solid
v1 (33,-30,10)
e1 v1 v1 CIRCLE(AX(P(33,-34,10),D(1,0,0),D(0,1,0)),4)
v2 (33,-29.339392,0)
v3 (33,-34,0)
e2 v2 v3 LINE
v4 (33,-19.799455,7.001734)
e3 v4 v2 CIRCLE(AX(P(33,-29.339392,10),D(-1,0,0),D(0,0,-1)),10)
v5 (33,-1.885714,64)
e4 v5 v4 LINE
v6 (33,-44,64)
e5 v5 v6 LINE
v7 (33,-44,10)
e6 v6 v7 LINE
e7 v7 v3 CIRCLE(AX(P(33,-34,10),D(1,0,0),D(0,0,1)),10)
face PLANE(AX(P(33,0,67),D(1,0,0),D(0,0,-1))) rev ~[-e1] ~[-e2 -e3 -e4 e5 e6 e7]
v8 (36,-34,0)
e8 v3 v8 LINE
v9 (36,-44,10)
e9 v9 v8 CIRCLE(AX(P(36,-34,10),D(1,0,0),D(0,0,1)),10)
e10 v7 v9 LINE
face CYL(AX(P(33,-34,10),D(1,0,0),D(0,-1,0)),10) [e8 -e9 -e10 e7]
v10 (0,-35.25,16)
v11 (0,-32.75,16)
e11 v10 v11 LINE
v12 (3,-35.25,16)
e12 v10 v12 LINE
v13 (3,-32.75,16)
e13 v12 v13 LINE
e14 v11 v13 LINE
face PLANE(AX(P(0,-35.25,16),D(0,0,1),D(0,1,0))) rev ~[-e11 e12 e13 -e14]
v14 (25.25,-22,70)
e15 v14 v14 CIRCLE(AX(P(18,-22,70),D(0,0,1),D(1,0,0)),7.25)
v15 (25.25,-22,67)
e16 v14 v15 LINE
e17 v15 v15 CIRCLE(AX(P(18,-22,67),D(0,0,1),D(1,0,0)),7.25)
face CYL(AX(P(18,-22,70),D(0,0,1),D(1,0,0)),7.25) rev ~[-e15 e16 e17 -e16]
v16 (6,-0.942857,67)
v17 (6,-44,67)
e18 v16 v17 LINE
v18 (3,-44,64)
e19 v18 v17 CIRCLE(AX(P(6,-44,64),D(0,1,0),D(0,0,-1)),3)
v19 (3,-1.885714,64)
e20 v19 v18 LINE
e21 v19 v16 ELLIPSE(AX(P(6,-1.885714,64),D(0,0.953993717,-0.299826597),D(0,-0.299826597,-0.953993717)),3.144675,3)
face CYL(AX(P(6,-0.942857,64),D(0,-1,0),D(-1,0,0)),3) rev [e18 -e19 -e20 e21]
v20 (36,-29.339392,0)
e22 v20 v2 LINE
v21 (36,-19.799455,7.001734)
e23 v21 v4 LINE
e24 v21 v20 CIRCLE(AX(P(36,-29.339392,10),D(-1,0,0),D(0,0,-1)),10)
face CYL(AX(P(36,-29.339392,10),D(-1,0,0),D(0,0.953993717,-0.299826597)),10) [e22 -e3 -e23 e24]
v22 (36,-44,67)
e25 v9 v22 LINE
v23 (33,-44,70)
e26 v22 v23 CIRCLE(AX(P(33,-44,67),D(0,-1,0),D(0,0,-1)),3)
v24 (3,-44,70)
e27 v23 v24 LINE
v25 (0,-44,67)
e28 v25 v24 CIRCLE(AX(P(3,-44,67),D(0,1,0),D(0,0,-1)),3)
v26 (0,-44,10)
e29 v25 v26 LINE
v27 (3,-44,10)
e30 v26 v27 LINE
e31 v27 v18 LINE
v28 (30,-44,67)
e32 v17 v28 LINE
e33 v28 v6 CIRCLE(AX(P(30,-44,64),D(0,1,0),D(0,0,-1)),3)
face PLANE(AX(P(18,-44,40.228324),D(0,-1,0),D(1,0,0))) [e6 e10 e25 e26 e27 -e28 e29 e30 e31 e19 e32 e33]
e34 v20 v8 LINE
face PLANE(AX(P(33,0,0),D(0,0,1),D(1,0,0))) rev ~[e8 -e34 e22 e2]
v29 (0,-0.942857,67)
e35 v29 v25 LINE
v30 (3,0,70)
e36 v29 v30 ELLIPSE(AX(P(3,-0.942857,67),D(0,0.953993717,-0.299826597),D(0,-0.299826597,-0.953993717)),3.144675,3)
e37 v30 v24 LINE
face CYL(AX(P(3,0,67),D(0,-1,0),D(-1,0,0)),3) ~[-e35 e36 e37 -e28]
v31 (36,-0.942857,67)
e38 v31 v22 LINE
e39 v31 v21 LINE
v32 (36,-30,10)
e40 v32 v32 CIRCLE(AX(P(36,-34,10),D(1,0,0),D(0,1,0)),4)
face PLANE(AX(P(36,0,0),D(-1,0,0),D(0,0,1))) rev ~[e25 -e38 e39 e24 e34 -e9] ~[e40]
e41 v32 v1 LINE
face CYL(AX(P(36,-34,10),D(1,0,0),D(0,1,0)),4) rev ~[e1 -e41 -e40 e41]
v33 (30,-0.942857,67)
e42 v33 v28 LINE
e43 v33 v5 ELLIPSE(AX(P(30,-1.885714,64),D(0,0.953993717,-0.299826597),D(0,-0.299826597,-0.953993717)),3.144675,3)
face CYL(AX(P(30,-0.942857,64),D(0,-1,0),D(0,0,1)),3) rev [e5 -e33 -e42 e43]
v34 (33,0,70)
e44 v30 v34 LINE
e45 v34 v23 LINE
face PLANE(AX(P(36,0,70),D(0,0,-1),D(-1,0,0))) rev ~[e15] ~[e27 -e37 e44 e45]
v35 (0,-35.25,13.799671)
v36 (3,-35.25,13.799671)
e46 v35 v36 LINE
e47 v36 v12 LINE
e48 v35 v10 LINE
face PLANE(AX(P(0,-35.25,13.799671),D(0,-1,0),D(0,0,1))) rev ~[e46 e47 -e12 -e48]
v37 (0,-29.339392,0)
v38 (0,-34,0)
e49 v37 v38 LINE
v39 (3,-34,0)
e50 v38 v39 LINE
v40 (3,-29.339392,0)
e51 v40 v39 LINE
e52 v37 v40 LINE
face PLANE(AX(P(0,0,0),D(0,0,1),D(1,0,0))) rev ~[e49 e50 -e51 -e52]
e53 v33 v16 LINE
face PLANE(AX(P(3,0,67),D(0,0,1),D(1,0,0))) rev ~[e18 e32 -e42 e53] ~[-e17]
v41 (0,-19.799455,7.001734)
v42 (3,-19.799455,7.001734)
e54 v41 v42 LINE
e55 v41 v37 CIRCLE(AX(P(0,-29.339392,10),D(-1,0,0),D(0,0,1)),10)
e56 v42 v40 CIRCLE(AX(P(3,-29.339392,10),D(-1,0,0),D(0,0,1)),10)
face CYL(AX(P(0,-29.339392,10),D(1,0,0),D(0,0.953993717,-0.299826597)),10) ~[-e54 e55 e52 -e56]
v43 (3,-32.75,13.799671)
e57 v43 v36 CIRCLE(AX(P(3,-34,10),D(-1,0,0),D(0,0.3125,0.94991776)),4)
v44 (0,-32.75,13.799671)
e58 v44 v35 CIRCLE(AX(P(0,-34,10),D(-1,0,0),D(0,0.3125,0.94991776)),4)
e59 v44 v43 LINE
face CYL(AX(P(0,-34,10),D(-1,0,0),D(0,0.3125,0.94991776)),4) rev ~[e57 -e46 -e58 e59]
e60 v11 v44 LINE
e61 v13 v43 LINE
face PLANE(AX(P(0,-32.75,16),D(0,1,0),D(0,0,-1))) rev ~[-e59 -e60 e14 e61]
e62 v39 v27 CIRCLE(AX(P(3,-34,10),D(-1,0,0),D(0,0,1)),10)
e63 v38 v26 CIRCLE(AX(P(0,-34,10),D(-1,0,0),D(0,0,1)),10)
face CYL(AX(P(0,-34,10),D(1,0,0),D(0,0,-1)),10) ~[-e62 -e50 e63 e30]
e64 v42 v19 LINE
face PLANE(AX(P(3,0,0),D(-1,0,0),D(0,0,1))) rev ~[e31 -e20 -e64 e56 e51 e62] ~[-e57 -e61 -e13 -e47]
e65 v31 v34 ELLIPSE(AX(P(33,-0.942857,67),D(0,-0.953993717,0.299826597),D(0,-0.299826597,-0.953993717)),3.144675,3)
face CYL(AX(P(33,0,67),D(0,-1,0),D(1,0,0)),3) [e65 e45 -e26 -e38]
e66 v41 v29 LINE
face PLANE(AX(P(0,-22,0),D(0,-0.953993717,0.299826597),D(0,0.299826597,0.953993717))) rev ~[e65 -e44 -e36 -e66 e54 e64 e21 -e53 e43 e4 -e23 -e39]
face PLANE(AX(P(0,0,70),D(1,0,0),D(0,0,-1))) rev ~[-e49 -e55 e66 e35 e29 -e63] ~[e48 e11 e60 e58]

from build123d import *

# Parameters (mm, degrees)
F1_DEPTH  = 44
F3_R      = 4
F4_DEPTH  = 25
F6_DEPTH  = 25
F7_R      = 3
F8_R      = 10
F9_R      = 7.25
F10_DEPTH = 25


with BuildPart() as f1:
    # F0 (on Front) → F1 (new body)
    with BuildSketch(Plane.XZ):
        Polygon((0, 70), (0, 0), (3, 0), (3, 67), (33, 67), (33, 0), (36, 0), (36, 70), align=None)
    extrude(amount=F1_DEPTH)

    # F2 (on face) + F3 (on face) → F4 (cut)
    with BuildSketch(Plane.YZ.offset(36)):
        Polygon((0, 0), (0, 70), (-22, 0), align=None)
    with BuildSketch(Plane.YZ.offset(36)):
        with Locations((-34, 10)):
            Circle(F3_R)
    extrude(amount=-F4_DEPTH, mode=Mode.SUBTRACT)

    # F5 (on face) → F6 (cut)
    with BuildSketch(Plane(origin=(0, 0, 0), x_dir=(0, -1, 0), z_dir=(-1, 0, 0))):
        Polygon((22, 0), (0, 70), (0, 0), align=None)
        with BuildLine():
            Line((32.75, 16), (32.75, 13.7996710384))
            ThreePointArc((32.75, 13.7996710384), (34, 6), (35.25, 13.7996710384))
            Line((35.25, 13.7996710384), (35.25, 16))
            Line((35.25, 16), (34, 16))
            Line((34, 16), (32.75, 16))
        make_face()
    extrude(amount=-F6_DEPTH, mode=Mode.SUBTRACT)

    # F7
    f7_edges = [f1.edges().sort_by_distance(p)[0] for p in [
        (33, -22.471429, 67),
        (3, -22.471429, 67),
        (36, -22, 70),
        (0, -22, 70),
    ]]
    fillet(f7_edges, radius=F7_R)

    # F8
    f8_edges = [f1.edges().sort_by_distance(p)[0] for p in [
        (1.5, -44, 0),
        (34.5, -44, 0),
        (1.5, -22, 0),
        (34.5, -22, 0),
    ]]
    fillet(f8_edges, radius=F8_R)

    # F9 (on face) → F10 (cut)
    with BuildSketch(Plane.XY.offset(70)):
        with Locations((18, -22)):
            Circle(F9_R)
    extrude(amount=-F10_DEPTH, mode=Mode.SUBTRACT)


solid = f1.part
